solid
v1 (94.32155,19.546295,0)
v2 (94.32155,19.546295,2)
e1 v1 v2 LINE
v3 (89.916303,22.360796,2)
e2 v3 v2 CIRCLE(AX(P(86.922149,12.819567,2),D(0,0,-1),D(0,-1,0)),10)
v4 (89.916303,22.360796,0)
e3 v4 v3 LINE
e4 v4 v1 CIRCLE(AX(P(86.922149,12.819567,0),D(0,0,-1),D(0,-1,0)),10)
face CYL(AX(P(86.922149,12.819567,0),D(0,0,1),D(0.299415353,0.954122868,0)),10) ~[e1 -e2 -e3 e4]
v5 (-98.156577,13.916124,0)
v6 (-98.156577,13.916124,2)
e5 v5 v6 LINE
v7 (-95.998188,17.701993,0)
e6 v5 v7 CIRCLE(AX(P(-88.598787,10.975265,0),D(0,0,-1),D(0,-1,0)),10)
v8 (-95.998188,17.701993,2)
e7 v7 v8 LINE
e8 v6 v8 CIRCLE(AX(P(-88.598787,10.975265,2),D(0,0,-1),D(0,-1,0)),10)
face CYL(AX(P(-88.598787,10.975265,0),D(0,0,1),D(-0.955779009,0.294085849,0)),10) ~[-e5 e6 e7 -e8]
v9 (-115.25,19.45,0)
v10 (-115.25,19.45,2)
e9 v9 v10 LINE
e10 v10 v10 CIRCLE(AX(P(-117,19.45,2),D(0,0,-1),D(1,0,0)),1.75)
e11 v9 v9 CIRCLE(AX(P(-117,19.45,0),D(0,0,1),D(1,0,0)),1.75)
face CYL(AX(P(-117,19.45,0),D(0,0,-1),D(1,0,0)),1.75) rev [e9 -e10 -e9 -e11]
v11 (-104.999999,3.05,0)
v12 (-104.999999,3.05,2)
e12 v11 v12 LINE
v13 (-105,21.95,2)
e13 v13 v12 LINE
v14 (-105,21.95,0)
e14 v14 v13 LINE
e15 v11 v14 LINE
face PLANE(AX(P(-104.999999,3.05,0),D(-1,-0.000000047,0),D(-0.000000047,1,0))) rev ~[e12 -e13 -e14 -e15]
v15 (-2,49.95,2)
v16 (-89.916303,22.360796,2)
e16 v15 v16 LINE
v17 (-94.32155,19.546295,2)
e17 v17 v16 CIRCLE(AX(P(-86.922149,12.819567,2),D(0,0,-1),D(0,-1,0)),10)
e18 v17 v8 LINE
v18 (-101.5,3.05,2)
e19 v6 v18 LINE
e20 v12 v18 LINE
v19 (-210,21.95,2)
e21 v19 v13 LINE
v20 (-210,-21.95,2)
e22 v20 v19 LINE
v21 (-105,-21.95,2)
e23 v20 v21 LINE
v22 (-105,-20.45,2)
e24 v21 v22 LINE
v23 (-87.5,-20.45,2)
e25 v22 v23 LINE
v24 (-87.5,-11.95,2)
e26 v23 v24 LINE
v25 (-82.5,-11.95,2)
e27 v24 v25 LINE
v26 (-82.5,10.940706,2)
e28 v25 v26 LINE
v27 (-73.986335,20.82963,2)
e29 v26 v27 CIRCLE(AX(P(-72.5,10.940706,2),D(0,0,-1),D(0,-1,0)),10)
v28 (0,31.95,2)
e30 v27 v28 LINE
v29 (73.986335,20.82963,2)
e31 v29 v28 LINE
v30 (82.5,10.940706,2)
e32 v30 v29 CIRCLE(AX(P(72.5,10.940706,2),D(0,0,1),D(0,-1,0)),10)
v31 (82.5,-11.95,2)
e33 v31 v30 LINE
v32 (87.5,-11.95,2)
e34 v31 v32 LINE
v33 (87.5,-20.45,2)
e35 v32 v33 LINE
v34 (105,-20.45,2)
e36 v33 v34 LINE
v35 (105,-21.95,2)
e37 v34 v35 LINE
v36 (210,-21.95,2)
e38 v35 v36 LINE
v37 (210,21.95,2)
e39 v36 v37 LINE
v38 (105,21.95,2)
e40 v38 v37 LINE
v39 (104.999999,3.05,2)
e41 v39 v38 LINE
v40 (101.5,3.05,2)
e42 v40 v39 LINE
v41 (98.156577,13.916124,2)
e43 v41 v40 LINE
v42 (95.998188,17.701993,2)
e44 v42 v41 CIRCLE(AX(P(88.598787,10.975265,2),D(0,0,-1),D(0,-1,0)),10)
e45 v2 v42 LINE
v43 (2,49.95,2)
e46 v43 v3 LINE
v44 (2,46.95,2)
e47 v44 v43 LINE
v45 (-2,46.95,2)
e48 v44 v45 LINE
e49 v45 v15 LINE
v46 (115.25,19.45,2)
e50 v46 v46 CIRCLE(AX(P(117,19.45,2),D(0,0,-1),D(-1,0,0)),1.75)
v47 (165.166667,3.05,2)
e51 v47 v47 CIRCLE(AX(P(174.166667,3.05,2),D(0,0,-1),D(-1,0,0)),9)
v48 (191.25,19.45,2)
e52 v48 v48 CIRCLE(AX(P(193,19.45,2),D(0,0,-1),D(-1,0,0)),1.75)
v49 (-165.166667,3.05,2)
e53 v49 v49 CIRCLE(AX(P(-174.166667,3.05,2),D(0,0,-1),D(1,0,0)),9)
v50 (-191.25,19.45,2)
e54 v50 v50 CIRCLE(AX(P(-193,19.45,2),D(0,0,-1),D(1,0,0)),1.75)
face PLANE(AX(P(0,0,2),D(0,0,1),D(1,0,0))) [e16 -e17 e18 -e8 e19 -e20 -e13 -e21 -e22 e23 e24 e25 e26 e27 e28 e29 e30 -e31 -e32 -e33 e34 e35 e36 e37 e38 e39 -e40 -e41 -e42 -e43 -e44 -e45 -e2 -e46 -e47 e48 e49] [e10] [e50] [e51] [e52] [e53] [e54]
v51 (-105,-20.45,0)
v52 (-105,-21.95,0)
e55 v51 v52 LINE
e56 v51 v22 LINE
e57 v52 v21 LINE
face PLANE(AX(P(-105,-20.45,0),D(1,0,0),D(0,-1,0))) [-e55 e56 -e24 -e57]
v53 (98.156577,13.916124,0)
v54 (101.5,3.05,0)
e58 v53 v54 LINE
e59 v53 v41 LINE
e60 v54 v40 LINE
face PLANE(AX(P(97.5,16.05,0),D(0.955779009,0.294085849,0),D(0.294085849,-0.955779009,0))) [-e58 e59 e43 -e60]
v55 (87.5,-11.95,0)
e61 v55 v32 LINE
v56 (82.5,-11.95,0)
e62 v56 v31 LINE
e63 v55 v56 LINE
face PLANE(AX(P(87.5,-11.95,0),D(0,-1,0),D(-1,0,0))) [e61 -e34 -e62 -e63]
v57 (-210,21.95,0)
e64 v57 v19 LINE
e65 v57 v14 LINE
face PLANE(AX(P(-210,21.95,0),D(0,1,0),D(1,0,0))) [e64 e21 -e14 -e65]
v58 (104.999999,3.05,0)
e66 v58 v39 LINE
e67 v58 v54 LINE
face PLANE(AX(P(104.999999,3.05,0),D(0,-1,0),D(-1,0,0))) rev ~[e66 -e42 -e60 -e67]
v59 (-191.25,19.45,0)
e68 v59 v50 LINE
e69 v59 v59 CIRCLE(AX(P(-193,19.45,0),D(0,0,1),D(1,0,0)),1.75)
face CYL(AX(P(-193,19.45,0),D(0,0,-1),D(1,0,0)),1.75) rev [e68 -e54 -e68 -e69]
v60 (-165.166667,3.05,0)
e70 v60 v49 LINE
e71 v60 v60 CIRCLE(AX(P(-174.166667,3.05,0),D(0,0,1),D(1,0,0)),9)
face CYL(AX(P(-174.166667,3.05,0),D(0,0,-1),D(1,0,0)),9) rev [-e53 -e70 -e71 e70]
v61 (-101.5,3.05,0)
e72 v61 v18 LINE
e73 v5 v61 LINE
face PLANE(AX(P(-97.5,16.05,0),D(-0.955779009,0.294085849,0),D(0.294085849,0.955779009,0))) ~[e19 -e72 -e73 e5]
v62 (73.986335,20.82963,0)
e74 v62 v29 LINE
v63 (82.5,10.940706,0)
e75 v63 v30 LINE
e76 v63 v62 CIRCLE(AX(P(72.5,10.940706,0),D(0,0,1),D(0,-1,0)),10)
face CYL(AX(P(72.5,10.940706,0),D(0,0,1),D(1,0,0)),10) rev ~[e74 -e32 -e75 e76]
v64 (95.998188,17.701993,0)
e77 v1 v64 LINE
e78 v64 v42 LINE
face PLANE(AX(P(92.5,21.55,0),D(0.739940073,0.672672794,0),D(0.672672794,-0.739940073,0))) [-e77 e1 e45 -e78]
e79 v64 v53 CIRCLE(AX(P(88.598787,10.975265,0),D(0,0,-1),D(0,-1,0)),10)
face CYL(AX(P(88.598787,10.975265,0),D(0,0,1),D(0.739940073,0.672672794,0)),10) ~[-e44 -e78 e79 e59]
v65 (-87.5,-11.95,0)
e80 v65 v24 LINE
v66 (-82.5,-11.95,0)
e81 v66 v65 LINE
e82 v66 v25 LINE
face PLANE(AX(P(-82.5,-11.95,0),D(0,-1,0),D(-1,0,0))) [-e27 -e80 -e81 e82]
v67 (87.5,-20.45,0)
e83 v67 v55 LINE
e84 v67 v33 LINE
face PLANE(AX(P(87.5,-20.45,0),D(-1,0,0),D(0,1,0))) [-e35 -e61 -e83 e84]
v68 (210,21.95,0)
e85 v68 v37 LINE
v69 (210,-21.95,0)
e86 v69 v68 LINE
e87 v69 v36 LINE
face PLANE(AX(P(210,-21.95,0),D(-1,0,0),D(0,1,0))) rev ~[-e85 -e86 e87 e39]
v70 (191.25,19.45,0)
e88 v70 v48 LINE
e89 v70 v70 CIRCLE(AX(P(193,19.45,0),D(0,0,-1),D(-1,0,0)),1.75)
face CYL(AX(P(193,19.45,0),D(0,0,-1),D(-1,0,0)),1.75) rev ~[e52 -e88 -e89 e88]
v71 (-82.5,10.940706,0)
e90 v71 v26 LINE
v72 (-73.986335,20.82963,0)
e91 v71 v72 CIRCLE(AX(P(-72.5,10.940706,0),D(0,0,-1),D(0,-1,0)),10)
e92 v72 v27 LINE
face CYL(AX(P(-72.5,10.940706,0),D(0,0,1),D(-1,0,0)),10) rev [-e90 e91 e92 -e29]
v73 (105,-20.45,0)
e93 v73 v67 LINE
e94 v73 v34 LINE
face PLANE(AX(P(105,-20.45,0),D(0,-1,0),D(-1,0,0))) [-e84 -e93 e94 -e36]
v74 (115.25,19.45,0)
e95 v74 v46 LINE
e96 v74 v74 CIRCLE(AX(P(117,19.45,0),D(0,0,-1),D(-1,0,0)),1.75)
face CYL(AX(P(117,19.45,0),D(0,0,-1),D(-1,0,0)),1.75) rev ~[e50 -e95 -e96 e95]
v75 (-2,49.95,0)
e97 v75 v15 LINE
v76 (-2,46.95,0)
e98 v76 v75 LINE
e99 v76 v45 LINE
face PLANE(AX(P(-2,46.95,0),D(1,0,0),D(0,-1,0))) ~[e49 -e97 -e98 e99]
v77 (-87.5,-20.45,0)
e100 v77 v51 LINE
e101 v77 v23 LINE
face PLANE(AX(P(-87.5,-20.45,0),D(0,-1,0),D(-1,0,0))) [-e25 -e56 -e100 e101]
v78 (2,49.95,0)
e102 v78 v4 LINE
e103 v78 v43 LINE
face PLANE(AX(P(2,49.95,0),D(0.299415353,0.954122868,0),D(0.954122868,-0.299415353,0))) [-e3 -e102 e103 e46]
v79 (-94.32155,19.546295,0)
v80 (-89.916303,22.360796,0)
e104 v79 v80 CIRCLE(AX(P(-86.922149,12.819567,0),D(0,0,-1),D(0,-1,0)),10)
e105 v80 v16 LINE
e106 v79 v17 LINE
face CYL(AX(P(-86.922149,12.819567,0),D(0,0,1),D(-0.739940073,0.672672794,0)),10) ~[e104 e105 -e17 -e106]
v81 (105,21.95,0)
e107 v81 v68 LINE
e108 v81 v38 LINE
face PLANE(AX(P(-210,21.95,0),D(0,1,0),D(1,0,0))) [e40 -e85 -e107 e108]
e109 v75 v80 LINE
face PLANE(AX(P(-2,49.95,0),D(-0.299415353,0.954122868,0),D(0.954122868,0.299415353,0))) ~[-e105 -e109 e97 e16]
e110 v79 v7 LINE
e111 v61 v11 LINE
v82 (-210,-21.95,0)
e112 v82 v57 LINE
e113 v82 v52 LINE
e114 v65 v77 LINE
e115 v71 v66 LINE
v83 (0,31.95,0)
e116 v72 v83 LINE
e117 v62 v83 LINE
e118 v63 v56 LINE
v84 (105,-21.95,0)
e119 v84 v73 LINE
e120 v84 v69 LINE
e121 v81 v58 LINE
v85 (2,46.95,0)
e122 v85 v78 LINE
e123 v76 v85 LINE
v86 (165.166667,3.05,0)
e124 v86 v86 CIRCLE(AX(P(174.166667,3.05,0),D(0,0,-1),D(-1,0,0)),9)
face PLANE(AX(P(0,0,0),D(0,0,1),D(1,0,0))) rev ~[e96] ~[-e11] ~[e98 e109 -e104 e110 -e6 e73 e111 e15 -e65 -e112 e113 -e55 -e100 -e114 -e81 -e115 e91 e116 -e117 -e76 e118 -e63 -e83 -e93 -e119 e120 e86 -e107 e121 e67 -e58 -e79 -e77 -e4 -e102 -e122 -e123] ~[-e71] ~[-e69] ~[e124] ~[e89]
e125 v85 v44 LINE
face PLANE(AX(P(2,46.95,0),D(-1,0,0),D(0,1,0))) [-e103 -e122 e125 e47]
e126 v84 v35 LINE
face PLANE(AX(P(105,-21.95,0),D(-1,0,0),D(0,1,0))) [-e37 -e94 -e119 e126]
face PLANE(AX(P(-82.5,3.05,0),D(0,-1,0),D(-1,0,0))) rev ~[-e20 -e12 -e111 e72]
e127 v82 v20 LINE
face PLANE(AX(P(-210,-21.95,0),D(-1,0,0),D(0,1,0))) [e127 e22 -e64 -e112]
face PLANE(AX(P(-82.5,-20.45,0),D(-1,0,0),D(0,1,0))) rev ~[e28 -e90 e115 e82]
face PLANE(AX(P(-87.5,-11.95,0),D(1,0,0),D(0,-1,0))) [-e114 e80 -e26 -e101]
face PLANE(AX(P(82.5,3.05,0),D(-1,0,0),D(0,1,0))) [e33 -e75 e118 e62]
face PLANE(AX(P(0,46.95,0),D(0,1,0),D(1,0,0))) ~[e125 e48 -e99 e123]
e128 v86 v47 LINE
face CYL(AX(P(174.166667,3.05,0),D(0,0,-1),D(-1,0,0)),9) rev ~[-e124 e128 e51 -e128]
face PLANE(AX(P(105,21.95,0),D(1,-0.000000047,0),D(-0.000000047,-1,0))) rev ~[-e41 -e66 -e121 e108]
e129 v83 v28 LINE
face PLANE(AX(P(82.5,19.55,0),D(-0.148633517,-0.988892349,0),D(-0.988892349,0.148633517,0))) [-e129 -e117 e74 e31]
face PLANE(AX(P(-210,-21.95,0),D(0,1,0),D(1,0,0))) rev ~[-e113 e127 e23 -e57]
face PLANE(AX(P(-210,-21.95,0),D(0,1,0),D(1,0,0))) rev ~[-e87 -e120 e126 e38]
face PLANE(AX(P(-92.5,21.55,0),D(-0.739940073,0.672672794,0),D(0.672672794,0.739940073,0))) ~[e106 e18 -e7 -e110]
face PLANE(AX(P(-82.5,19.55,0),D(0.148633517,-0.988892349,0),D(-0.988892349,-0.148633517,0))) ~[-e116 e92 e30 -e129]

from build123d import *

# Parameters (mm, degrees)
SCHIZZO1_W                   = 420
SCHIZZO1_H                   = 43.9
PIASTRABASE_DEPTH            = 2
SCHIZZO2_R                   = 9
SCHIZZO2_R_2                 = 1.75
FORODESTRO_DEPTH             = 212.153504588
INTAGLIOINFERIORE_DEPTH      = 212.153504588
INTAGLIOSUPERIORE_DEPTH      = 212.153504588
ESTRUSIONE_ESTRUSIONE1_DEPTH = 2
RACCORDO2_R                  = 10
RACCORDO3_R                  = 10
RACCORDO2_OF_SPECCHIA1_R     = 10
RACCORDO3_OF_SPECCHIA1_R     = 10


with BuildPart() as part:
    # Schizzo1 → PiastraBase (new body)
    with BuildSketch(Plane.XY):
        Rectangle(SCHIZZO1_W, SCHIZZO1_H)
    extrude(amount=PIASTRABASE_DEPTH)

    # Schizzo2 → ForoDestro (cut, through all)
    with BuildSketch(Plane(origin=(0, 0, 0), x_dir=(-1, 0, 0), z_dir=(0, 0, -1))):
        with Locations((-174.166666667, 3.05)):
            Circle(SCHIZZO2_R)
        with Locations((-193, 19.45)):
            Circle(SCHIZZO2_R_2)
        with Locations((-117, 19.45)):
            Circle(SCHIZZO2_R_2)
    forodestro = extrude(amount=-FORODESTRO_DEPTH, mode=Mode.SUBTRACT)

    # ForoSinistro: ForoDestro across plane
    add(forodestro.mirror(Plane(origin=(0, 0, 0), x_dir=(0, 0, 1), z_dir=(1, 0, 0))), mode=Mode.SUBTRACT)

    # Schizzo3 → IntaglioInferiore (cut, through all)
    with BuildSketch(Plane(origin=(0, 0, 0), x_dir=(-1, 0, 0), z_dir=(0, 0, -1))):
        Polygon((-105, -21.95), (-105, -20.45), (-87.5, -20.45), (-87.5, -11.95), (-82.5, -11.95), (-82.5, -20.45), (82.5, -20.45), (82.5, -11.95), (87.5, -11.95), (87.5, -20.45), (105, -20.45), (105, -21.95), align=None)
    extrude(amount=-INTAGLIOINFERIORE_DEPTH, mode=Mode.SUBTRACT)

    # Schizzo4 → IntaglioSuperiore (cut, through all)
    with BuildSketch(Plane(origin=(0, 0, 0), x_dir=(-1, 0, 0), z_dir=(0, 0, -1))):
        Polygon((-105, 21.95), (-104.999999109, 3.05), (-82.5, 3.05), (-82.5, -20.45), (82.5, -20.45), (82.5, 3.05), (104.999999109, 3.05), (105, 21.95), align=None)
    extrude(amount=-INTAGLIOSUPERIORE_DEPTH, mode=Mode.SUBTRACT)


with BuildPart() as intagliosuperiore_piece_1:
    # of the separate pieces the step leaves, piece 1, a body of its own (intagliosuperiore_pieces)
    add(part.part.solids().sort_by_distance((-210, 21.95, 0))[0])


with BuildPart() as intagliosuperiore_piece_2:
    # of the separate pieces the step leaves, piece 2, a body of its own (intagliosuperiore_pieces)
    add(part.part.solids().sort_by_distance((210, -21.95, 0))[0])

    # Schizzo5 → Estrusione-Estrusione1 (add)
    with BuildSketch(Plane(origin=(0, 0, 0), x_dir=(-1, 0, 0), z_dir=(0, 0, -1))):
        Polygon((-82.5, 3.05), (-82.5, 19.55), (0, 31.95), (0, 46.95), (-2, 46.95), (-2, 49.95), (-92.5, 21.55), (-97.5, 16.05), (-101.5, 3.05), align=None)
    estrusione_estrusione1 = extrude(amount=-ESTRUSIONE_ESTRUSIONE1_DEPTH)

    # Raccordo2
    raccordo2_edges = [intagliosuperiore_piece_2.edges().sort_by_distance(p)[0] for p in [
        (82.5, 19.55, 1),
    ]]
    fillet(raccordo2_edges, radius=RACCORDO2_R)

    # Raccordo3
    raccordo3_edges = [intagliosuperiore_piece_2.edges().sort_by_distance(p)[0] for p in [
        (92.5, 21.55, 1),
        (97.5, 16.05, 1),
    ]]
    fillet(raccordo3_edges, radius=RACCORDO3_R)

    # Specchia1: Estrusione-Estrusione1 across plane
    add(estrusione_estrusione1.mirror(Plane(origin=(0, 0, 0), x_dir=(0, 0, 1), z_dir=(1, 0, 0))))

    # Raccordo2 of Specchia1
    raccordo2_of_specchia1_edges = [intagliosuperiore_piece_2.edges().sort_by_distance(p)[0] for p in [
        (-82.5, 19.55, 1),
    ]]
    fillet(raccordo2_of_specchia1_edges, radius=RACCORDO2_OF_SPECCHIA1_R)

    # Raccordo3 of Specchia1
    raccordo3_of_specchia1_edges = [intagliosuperiore_piece_2.edges().sort_by_distance(p)[0] for p in [
        (-92.5, 21.55, 1),
        (-97.5, 16.05, 1),
    ]]
    fillet(raccordo3_of_specchia1_edges, radius=RACCORDO3_OF_SPECCHIA1_R)

    # Abbina1: union IntaglioSuperiore piece 1
    add(intagliosuperiore_piece_1.part)


solid = intagliosuperiore_piece_2.part
